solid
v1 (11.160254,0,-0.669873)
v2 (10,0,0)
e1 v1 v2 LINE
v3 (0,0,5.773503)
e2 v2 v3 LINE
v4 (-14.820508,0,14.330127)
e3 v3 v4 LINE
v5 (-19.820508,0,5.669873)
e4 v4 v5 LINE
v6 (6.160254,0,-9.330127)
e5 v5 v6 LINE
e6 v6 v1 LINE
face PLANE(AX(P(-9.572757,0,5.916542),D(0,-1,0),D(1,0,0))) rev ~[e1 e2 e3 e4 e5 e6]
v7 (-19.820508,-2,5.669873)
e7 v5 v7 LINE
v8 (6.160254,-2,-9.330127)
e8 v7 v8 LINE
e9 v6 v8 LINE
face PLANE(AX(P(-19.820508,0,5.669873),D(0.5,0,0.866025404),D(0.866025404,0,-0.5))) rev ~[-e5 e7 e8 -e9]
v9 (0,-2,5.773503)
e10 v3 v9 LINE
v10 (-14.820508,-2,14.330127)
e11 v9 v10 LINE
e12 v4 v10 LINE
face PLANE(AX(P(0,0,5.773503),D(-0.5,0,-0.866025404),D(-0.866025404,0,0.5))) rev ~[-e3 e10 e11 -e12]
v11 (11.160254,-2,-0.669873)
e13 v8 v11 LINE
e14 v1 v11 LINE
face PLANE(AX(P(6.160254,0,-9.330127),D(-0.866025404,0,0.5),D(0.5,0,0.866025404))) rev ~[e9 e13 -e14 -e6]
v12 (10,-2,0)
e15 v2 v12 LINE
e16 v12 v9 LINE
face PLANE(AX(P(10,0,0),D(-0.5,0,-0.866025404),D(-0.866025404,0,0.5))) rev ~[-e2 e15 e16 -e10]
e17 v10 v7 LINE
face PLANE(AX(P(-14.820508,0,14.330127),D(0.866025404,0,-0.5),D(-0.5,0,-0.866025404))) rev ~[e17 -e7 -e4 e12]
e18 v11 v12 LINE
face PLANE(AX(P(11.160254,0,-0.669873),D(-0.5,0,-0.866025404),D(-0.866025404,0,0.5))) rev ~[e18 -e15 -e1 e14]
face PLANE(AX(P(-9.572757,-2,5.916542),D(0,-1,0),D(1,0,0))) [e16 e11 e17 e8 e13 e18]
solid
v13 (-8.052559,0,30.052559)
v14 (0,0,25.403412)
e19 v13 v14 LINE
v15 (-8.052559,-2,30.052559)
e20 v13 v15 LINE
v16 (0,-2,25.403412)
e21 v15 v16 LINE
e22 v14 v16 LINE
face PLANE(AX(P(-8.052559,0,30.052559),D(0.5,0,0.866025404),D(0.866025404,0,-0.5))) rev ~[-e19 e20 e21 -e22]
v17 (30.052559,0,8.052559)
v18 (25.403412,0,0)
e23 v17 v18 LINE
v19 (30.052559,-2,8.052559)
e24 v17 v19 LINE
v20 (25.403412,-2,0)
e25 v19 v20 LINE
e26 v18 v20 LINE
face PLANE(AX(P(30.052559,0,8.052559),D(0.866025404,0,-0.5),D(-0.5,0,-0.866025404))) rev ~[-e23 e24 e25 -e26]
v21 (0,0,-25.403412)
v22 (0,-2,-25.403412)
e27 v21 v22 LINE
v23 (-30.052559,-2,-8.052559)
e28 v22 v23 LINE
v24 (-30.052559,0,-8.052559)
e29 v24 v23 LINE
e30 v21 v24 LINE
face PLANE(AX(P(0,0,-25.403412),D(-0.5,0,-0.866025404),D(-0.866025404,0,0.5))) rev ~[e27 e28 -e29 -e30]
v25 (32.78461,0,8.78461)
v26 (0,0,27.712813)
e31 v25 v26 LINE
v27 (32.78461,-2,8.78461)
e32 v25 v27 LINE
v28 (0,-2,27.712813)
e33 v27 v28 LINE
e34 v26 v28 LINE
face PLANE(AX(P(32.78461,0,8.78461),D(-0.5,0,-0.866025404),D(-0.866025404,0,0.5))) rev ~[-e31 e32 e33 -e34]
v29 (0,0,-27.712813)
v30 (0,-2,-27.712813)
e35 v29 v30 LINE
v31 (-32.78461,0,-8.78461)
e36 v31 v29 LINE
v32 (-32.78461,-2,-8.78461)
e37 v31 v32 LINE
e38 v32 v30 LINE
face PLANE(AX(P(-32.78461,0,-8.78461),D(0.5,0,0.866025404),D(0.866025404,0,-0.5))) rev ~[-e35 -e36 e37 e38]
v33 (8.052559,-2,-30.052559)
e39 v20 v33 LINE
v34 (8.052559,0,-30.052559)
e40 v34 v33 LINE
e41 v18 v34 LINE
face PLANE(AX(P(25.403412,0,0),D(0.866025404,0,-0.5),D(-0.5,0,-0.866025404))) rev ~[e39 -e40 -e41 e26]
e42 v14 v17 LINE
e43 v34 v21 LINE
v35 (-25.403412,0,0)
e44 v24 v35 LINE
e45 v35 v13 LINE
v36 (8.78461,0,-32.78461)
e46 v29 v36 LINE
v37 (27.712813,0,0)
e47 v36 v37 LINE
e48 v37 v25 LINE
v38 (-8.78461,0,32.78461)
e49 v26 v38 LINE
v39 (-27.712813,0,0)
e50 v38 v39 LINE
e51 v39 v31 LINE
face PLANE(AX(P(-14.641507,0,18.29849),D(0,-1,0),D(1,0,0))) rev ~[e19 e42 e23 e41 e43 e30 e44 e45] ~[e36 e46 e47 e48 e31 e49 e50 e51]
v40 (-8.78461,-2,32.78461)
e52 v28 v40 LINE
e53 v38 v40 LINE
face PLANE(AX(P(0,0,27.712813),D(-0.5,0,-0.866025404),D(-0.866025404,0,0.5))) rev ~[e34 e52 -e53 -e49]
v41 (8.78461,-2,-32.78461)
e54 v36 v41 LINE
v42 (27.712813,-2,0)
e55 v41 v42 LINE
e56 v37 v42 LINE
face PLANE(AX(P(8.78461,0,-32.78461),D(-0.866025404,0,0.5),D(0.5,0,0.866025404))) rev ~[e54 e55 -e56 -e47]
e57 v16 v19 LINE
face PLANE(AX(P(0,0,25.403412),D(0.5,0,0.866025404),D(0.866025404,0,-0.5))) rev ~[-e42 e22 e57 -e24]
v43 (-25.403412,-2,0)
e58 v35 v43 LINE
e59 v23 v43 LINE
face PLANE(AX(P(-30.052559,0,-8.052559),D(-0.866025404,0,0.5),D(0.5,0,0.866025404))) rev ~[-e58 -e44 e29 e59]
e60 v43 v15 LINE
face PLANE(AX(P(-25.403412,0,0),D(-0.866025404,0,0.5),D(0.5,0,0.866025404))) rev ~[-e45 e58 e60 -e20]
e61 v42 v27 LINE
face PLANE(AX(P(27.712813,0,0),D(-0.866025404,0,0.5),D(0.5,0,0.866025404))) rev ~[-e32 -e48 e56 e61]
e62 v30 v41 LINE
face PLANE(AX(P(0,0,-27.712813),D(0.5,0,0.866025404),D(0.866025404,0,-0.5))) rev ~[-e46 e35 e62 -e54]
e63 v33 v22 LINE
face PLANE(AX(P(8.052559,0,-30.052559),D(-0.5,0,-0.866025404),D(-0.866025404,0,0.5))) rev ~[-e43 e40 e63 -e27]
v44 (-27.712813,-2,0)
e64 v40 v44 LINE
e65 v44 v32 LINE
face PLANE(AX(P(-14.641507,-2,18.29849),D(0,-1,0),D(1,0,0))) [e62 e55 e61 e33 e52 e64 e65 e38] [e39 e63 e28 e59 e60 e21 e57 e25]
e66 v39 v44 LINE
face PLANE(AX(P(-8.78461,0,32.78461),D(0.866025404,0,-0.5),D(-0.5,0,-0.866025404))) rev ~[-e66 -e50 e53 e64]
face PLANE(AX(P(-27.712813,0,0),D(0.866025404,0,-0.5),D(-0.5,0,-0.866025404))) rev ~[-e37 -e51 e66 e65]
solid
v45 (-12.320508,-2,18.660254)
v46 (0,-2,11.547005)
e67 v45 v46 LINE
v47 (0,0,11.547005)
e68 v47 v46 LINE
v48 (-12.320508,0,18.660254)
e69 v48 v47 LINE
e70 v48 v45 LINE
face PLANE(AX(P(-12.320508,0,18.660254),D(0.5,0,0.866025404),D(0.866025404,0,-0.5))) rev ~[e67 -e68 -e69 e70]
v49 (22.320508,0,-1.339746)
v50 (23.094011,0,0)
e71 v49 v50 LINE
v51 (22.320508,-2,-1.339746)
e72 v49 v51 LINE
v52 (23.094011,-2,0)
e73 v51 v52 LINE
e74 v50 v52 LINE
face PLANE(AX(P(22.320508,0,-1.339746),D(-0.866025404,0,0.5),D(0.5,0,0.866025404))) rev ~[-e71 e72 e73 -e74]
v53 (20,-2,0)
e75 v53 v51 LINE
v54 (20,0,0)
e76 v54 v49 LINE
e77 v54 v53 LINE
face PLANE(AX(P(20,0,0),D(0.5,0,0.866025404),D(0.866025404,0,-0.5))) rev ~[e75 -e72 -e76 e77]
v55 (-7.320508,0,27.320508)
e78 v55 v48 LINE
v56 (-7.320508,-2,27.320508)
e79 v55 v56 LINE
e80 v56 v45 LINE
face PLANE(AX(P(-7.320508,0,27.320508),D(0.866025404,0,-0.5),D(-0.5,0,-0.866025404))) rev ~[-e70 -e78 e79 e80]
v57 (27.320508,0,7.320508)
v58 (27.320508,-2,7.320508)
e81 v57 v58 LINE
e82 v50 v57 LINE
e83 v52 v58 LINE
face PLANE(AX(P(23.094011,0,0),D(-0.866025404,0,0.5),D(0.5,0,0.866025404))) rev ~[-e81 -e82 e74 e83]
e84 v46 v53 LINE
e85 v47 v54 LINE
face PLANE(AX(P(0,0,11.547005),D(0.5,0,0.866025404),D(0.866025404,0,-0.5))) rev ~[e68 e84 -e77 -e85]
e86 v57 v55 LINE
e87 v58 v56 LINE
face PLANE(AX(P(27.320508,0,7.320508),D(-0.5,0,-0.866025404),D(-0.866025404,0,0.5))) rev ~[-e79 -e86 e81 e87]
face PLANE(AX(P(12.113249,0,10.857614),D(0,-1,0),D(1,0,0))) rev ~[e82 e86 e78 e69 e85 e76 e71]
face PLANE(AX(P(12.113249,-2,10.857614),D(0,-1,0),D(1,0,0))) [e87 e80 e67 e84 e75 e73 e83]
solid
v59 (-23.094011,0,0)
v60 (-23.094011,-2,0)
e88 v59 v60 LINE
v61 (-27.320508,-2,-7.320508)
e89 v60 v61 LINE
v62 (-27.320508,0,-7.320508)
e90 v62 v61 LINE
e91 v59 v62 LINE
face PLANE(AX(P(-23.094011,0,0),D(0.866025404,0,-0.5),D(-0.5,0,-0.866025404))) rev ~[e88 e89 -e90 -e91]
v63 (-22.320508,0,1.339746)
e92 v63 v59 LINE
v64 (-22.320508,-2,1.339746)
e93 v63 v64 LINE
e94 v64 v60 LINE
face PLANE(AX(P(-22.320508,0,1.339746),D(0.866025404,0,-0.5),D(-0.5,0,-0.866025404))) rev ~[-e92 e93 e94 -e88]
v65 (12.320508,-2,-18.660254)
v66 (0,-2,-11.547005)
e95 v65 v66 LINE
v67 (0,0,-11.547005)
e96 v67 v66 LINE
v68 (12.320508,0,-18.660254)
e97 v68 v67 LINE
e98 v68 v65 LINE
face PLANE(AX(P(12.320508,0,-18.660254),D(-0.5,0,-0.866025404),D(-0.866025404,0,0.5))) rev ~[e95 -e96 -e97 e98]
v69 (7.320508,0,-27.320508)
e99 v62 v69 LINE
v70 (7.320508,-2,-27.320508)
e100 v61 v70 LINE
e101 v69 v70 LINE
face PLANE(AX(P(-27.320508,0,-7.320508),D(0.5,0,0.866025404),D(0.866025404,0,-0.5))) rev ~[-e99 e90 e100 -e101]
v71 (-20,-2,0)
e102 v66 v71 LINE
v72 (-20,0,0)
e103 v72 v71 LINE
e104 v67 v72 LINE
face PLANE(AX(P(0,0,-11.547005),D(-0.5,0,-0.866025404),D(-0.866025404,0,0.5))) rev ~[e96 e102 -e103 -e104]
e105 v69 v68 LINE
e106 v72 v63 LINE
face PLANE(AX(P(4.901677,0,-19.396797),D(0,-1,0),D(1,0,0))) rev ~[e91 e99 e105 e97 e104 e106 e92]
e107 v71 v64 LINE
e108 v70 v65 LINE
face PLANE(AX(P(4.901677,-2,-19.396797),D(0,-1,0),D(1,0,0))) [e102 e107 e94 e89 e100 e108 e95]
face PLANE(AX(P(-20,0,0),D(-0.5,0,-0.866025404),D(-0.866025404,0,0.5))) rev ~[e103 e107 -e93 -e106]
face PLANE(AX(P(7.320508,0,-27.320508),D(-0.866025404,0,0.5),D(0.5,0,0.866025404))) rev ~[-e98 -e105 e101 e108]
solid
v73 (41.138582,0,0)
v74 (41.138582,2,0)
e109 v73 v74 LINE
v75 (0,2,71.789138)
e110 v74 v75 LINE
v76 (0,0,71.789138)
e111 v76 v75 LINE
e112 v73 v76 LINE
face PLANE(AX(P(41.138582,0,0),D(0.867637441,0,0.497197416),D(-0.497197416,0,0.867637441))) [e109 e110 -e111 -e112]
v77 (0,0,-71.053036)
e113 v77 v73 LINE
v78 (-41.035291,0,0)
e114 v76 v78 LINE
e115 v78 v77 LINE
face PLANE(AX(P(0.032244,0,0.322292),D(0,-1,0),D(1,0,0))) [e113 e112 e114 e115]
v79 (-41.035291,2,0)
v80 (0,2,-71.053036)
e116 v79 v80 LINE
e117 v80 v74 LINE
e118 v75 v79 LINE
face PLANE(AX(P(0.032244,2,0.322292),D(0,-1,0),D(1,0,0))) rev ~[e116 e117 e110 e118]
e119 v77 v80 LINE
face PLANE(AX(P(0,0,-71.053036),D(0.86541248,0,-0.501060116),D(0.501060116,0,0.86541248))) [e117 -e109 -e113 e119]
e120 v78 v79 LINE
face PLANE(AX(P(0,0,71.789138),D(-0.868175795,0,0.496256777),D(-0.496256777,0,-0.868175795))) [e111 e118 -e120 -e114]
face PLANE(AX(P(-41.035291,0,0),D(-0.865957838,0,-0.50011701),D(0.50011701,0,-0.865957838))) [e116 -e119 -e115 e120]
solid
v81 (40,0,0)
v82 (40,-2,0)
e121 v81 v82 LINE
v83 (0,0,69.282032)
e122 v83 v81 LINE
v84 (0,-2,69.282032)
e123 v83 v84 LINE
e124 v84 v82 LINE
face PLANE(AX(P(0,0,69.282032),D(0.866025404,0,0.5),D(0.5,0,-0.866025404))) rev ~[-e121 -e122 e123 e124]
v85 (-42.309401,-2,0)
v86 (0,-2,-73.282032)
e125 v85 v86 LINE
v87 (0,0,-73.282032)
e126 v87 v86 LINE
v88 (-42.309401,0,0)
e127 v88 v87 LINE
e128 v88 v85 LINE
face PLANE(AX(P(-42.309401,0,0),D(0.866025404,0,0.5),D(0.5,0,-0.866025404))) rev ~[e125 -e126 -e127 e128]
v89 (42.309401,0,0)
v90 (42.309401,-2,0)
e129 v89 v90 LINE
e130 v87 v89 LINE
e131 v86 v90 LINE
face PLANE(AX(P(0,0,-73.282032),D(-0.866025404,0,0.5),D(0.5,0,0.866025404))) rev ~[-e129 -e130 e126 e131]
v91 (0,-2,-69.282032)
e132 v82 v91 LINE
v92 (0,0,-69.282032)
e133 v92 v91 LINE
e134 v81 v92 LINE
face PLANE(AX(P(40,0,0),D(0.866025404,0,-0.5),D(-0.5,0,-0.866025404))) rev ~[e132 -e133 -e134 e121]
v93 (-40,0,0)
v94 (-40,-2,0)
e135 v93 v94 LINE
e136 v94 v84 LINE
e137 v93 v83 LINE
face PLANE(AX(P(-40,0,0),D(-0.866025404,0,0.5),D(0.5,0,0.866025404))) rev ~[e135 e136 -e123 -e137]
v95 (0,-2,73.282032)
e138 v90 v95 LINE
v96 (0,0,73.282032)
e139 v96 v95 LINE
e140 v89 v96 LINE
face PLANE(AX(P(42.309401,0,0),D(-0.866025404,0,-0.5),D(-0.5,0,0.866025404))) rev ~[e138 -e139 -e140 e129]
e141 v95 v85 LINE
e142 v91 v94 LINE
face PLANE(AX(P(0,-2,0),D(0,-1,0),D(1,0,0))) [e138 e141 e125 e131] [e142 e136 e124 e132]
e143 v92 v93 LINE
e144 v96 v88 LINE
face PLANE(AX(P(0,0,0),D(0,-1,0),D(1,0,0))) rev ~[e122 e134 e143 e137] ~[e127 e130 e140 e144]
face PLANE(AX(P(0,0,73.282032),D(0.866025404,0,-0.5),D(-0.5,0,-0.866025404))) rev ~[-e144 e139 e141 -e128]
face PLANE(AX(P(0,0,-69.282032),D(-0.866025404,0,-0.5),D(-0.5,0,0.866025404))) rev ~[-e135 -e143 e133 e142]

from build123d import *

# Parameters (mm, degrees)
F1_DEPTH = 2
F3_DEPTH = 2


with BuildPart() as f1:
    # F0 (on Front) → F1 (new body)
    with BuildSketch(Plane.XZ):
        Polygon((0, 73.2820323028), (-42.3094010768, 0), (0, -73.2820323028), (42.3094010768, 0), align=None)
        Polygon((40, 0), (0, -69.2820323028), (-40, 0), (0, 69.2820323028), align=None, mode=Mode.SUBTRACT)
    extrude(amount=F1_DEPTH)


with BuildPart() as f1b:
    # F0 (on Front) → F1, piece 2 (new body)
    with BuildSketch(Plane.XZ):
        Polygon((-27.7128129211, 0), (-25.4034118443, 0), (-8.0525588833, 30.0525588833), (0, 25.4034118443), (0, 27.7128129211), (-8.7846096908, 32.7846096908), align=None)
        Polygon((30.0525588833, 8.0525588833), (25.4034118443, 0), (27.7128129211, 0), (32.7846096908, 8.7846096908), (0, 27.7128129211), (0, 25.4034118443), align=None)
        Polygon((8.0525588833, -30.0525588833), (0, -25.4034118443), (0, -27.7128129211), (8.7846096908, -32.7846096908), (27.7128129211, 0), (25.4034118443, 0), align=None)
        Polygon((0, -27.7128129211), (0, -25.4034118443), (-30.0525588833, -8.0525588833), (-25.4034118443, 0), (-27.7128129211, 0), (-32.7846096908, -8.7846096908), align=None)
    extrude(amount=F1_DEPTH)


with BuildPart() as f1c:
    # F0 (on Front) → F1, piece 3 (new body)
    with BuildSketch(Plane.XZ):
        Polygon((-19.8205080757, 5.6698729811), (-10, 0), (0, 0), (0, 5.7735026919), (-14.8205080757, 14.3301270189), align=None)
        Polygon((-10, 0), (0, -5.7735026919), (0, 0), align=None)
        Polygon((0, 0), (0, -5.7735026919), (6.1602540378, -9.3301270189), (11.1602540378, -0.6698729811), (10, 0), align=None)
        Polygon((0, 5.7735026919), (0, 0), (10, 0), align=None)
    extrude(amount=F1_DEPTH)


with BuildPart() as f1d:
    # F0 (on Front) → F1, piece 4 (new body)
    with BuildSketch(Plane.XZ):
        Polygon((20, 0), (23.0940107676, 0), (27.3205080757, 7.3205080757), (0, 23.0940107676), (0, 11.5470053838), align=None)
        Polygon((-12.3205080757, 18.6602540378), (0, 11.5470053838), (0, 23.0940107676), (-7.3205080757, 27.3205080757), align=None)
        Polygon((22.3205080757, -1.3397459622), (23.0940107676, 0), (20, 0), align=None)
    extrude(amount=F1_DEPTH)


with BuildPart() as f1e:
    # F0 (on Front) → F1, piece 5 (new body)
    with BuildSketch(Plane.XZ):
        Polygon((0, -23.0940107676), (7.3205080757, -27.3205080757), (12.3205080757, -18.6602540378), (0, -11.5470053838), align=None)
        Polygon((-27.3205080757, -7.3205080757), (0, -23.0940107676), (0, -11.5470053838), (-20, 0), (-23.0940107676, 0), align=None)
        Polygon((-22.3205080757, 1.3397459622), (-23.0940107676, 0), (-20, 0), align=None)
    extrude(amount=F1_DEPTH)


with BuildPart() as f3:
    # F2 (on Front) → F3 (new body)
    with BuildSketch(Plane.XZ):
        Polygon((0, 71.7891380191), (-41.0352908075, 0), (0, -71.0530355573), (41.1385819316, 0), align=None)
    extrude(amount=-F3_DEPTH)


solid = Compound([f1.part, f1b.part, f1c.part, f1d.part, f1e.part, f3.part])
